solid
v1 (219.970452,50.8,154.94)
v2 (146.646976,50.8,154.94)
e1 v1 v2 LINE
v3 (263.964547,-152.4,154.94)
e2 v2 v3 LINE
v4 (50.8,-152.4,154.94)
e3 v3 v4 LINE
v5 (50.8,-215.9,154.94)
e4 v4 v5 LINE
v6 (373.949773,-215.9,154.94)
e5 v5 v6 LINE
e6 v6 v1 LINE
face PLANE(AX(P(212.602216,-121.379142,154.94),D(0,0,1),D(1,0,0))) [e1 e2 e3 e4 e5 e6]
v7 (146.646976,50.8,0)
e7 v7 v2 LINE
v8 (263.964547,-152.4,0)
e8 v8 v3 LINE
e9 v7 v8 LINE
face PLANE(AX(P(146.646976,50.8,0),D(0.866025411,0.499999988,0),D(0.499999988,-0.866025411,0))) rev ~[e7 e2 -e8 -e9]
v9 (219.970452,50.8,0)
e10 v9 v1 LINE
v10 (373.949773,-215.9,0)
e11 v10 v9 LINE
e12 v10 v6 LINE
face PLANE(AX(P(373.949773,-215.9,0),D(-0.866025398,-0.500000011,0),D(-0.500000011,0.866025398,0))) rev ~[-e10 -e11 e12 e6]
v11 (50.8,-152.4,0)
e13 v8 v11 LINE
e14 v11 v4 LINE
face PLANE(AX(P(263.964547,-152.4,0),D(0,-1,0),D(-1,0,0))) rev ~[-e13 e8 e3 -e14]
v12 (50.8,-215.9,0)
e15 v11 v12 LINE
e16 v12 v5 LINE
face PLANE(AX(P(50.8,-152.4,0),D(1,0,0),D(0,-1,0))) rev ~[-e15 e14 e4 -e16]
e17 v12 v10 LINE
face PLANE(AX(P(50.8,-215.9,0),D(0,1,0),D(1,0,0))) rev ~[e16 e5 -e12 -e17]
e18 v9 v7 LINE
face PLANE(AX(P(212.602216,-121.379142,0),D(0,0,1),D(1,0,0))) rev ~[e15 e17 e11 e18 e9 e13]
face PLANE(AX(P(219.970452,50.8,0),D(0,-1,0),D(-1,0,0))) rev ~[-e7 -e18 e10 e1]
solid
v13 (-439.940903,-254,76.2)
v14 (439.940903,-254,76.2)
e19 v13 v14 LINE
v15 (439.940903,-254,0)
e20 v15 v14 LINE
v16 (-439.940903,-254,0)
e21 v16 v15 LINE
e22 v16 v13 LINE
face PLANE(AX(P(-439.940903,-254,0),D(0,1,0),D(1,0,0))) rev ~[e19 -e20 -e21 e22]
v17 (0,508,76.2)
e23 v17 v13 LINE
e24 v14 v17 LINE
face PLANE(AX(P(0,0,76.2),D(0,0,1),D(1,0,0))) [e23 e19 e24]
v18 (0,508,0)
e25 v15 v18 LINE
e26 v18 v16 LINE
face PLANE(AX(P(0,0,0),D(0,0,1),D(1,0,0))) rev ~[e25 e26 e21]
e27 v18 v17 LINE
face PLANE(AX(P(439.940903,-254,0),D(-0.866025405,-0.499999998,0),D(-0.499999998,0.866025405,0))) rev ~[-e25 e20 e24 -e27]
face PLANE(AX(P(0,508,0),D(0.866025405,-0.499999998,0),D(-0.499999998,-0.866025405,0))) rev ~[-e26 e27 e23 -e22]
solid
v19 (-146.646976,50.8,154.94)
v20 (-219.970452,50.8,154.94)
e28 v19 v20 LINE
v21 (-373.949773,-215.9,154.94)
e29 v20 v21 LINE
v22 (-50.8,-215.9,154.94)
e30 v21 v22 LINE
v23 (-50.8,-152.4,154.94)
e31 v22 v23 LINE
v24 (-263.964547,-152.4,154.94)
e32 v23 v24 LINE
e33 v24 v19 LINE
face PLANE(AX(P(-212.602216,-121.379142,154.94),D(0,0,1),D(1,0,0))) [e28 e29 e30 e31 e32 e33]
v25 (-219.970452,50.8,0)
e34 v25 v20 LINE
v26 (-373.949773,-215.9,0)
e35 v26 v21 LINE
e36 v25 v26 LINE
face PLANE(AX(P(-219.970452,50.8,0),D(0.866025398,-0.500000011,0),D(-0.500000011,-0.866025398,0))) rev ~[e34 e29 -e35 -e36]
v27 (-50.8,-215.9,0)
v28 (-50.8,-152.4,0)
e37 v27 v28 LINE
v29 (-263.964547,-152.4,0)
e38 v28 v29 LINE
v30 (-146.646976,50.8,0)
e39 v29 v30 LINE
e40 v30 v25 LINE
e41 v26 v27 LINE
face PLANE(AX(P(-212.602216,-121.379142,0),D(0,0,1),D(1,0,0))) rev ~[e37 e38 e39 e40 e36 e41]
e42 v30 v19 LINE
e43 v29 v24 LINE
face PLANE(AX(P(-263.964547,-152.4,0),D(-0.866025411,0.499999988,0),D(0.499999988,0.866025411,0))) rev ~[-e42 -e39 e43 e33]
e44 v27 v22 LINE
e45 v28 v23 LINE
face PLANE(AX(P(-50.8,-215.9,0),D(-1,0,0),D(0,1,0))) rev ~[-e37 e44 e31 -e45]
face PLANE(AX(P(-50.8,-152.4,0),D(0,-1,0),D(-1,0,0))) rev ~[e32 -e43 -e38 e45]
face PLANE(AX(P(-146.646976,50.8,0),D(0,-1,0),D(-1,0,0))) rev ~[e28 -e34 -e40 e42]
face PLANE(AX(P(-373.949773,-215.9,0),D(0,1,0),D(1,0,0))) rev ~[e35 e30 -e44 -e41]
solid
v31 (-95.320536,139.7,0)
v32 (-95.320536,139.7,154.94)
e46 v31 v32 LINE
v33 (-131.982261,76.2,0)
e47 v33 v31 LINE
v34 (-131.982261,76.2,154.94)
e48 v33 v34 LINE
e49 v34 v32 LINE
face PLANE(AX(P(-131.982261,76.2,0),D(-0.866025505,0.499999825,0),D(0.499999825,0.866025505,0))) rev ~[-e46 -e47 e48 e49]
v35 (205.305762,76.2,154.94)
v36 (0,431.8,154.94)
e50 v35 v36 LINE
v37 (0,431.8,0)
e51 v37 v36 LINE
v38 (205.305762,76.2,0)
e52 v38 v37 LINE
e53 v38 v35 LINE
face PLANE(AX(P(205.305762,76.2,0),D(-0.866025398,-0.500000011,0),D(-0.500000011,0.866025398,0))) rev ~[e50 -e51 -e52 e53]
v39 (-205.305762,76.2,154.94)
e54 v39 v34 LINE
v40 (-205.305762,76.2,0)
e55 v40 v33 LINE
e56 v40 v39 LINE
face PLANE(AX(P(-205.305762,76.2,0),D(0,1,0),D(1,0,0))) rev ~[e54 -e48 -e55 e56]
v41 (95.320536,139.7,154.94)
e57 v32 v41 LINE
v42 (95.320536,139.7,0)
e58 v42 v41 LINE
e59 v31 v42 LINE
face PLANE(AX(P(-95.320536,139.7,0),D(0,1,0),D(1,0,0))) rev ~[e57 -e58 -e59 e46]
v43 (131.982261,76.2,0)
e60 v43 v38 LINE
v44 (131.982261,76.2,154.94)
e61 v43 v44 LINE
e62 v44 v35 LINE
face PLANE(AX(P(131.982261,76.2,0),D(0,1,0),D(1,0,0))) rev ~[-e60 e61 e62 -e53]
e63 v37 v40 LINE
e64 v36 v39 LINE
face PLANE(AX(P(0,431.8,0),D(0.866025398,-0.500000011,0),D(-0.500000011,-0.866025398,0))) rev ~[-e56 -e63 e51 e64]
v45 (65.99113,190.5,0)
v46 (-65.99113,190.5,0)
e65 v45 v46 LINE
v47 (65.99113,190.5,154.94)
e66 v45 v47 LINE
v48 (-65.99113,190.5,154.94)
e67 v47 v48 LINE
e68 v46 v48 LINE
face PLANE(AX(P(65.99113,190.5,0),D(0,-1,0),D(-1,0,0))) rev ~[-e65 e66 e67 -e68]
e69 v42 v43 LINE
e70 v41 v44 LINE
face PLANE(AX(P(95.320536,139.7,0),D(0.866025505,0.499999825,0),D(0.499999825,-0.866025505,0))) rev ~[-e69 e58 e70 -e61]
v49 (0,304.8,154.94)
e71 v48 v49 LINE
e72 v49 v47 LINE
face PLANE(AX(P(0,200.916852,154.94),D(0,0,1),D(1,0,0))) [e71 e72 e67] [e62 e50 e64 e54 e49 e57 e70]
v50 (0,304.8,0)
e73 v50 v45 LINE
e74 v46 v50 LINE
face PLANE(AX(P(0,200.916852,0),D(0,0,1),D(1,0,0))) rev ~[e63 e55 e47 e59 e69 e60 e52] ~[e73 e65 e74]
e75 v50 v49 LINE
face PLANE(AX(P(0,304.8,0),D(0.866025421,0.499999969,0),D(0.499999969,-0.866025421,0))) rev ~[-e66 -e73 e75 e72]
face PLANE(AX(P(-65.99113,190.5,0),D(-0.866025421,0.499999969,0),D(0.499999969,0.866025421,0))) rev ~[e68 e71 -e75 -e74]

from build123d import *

# Parameters (mm, degrees)
F1_DEPTH = 154.94
F2_DEPTH = 76.2


with BuildPart() as f1:
    # F0 (on Top) → F1 (new body)
    with BuildSketch(Plane.XY):
        Polygon((131.9822608, 76.2), (205.3057616, 76.2), (0, 431.8), (-205.3057616, 76.2), (-131.9822608, 76.2), (-95.3205358, 139.7), (95.3205358, 139.7), align=None)
        Polygon((0, 304.8), (65.9911304, 190.5), (-65.9911304, 190.5), align=None, mode=Mode.SUBTRACT)
    extrude(amount=F1_DEPTH)


with BuildPart() as f1b:
    # F0 (on Top) → F1, piece 2 (new body)
    with BuildSketch(Plane.XY):
        Polygon((-146.6469762, 50.8), (-219.9704516, 50.8), (-373.9497728, -215.9), (-50.8, -215.9), (-50.8, -152.4), (-263.964547, -152.4), align=None)
    extrude(amount=F1_DEPTH)


with BuildPart() as f1c:
    # F0 (on Top) → F1, piece 3 (new body)
    with BuildSketch(Plane.XY):
        Polygon((373.9497728, -215.9), (219.9704516, 50.8), (146.6469762, 50.8), (263.964547, -152.4), (50.8, -152.4), (50.8, -215.9), align=None)
    extrude(amount=F1_DEPTH)


with BuildPart() as f2:
    # F0 (on Top) → F2 (new body)
    with BuildSketch(Plane.XY):
        Polygon((439.9409032, -254), (381.5114571803, -152.7972303936), (225.7717787856, 116.9518065193), (219.9704516, 127), (58.4294478338, 406.7972272514), (0, 508), (-58.4294478338, 406.7972272514), (-214.1691244144, 137.0481934807), (-219.9704516, 127), (-381.5114571803, -152.7972303936), (-439.9409032, -254), (-323.0820079351, -254), (-11.6026438, -254), (0, -254), (323.0820079351, -254), align=None)
        Polygon((-373.9497728, -215.9), (-219.9704516, 50.8), (-146.6469762, 50.8), (-263.964547, -152.4), (-50.8, -152.4), (-50.8, -215.9), align=None, mode=Mode.SUBTRACT)
        Polygon((146.6469762, 50.8), (219.9704516, 50.8), (373.9497728, -215.9), (50.8, -215.9), (50.8, -152.4), (263.964547, -152.4), align=None, mode=Mode.SUBTRACT)
        Polygon((0, 431.8), (205.3057616, 76.2), (131.9822608, 76.2), (95.3205358, 139.7), (-95.3205358, 139.7), (-131.9822608, 76.2), (-205.3057616, 76.2), align=None, mode=Mode.SUBTRACT)
        Polygon((131.9822608, 76.2), (205.3057616, 76.2), (0, 431.8), (-205.3057616, 76.2), (-131.9822608, 76.2), (-95.3205358, 139.7), (95.3205358, 139.7), align=None)
        Polygon((0, 304.8), (65.9911304, 190.5), (-65.9911304, 190.5), align=None, mode=Mode.SUBTRACT)
        Polygon((373.9497728, -215.9), (219.9704516, 50.8), (146.6469762, 50.8), (263.964547, -152.4), (50.8, -152.4), (50.8, -215.9), align=None)
        Polygon((-146.6469762, 50.8), (-219.9704516, 50.8), (-373.9497728, -215.9), (-50.8, -215.9), (-50.8, -152.4), (-263.964547, -152.4), align=None)
        Polygon((-65.9911304, 190.5), (65.9911304, 190.5), (0, 304.8), align=None)
    extrude(amount=F2_DEPTH)


solid = Compound([f1.part, f1b.part, f1c.part, f2.part])
